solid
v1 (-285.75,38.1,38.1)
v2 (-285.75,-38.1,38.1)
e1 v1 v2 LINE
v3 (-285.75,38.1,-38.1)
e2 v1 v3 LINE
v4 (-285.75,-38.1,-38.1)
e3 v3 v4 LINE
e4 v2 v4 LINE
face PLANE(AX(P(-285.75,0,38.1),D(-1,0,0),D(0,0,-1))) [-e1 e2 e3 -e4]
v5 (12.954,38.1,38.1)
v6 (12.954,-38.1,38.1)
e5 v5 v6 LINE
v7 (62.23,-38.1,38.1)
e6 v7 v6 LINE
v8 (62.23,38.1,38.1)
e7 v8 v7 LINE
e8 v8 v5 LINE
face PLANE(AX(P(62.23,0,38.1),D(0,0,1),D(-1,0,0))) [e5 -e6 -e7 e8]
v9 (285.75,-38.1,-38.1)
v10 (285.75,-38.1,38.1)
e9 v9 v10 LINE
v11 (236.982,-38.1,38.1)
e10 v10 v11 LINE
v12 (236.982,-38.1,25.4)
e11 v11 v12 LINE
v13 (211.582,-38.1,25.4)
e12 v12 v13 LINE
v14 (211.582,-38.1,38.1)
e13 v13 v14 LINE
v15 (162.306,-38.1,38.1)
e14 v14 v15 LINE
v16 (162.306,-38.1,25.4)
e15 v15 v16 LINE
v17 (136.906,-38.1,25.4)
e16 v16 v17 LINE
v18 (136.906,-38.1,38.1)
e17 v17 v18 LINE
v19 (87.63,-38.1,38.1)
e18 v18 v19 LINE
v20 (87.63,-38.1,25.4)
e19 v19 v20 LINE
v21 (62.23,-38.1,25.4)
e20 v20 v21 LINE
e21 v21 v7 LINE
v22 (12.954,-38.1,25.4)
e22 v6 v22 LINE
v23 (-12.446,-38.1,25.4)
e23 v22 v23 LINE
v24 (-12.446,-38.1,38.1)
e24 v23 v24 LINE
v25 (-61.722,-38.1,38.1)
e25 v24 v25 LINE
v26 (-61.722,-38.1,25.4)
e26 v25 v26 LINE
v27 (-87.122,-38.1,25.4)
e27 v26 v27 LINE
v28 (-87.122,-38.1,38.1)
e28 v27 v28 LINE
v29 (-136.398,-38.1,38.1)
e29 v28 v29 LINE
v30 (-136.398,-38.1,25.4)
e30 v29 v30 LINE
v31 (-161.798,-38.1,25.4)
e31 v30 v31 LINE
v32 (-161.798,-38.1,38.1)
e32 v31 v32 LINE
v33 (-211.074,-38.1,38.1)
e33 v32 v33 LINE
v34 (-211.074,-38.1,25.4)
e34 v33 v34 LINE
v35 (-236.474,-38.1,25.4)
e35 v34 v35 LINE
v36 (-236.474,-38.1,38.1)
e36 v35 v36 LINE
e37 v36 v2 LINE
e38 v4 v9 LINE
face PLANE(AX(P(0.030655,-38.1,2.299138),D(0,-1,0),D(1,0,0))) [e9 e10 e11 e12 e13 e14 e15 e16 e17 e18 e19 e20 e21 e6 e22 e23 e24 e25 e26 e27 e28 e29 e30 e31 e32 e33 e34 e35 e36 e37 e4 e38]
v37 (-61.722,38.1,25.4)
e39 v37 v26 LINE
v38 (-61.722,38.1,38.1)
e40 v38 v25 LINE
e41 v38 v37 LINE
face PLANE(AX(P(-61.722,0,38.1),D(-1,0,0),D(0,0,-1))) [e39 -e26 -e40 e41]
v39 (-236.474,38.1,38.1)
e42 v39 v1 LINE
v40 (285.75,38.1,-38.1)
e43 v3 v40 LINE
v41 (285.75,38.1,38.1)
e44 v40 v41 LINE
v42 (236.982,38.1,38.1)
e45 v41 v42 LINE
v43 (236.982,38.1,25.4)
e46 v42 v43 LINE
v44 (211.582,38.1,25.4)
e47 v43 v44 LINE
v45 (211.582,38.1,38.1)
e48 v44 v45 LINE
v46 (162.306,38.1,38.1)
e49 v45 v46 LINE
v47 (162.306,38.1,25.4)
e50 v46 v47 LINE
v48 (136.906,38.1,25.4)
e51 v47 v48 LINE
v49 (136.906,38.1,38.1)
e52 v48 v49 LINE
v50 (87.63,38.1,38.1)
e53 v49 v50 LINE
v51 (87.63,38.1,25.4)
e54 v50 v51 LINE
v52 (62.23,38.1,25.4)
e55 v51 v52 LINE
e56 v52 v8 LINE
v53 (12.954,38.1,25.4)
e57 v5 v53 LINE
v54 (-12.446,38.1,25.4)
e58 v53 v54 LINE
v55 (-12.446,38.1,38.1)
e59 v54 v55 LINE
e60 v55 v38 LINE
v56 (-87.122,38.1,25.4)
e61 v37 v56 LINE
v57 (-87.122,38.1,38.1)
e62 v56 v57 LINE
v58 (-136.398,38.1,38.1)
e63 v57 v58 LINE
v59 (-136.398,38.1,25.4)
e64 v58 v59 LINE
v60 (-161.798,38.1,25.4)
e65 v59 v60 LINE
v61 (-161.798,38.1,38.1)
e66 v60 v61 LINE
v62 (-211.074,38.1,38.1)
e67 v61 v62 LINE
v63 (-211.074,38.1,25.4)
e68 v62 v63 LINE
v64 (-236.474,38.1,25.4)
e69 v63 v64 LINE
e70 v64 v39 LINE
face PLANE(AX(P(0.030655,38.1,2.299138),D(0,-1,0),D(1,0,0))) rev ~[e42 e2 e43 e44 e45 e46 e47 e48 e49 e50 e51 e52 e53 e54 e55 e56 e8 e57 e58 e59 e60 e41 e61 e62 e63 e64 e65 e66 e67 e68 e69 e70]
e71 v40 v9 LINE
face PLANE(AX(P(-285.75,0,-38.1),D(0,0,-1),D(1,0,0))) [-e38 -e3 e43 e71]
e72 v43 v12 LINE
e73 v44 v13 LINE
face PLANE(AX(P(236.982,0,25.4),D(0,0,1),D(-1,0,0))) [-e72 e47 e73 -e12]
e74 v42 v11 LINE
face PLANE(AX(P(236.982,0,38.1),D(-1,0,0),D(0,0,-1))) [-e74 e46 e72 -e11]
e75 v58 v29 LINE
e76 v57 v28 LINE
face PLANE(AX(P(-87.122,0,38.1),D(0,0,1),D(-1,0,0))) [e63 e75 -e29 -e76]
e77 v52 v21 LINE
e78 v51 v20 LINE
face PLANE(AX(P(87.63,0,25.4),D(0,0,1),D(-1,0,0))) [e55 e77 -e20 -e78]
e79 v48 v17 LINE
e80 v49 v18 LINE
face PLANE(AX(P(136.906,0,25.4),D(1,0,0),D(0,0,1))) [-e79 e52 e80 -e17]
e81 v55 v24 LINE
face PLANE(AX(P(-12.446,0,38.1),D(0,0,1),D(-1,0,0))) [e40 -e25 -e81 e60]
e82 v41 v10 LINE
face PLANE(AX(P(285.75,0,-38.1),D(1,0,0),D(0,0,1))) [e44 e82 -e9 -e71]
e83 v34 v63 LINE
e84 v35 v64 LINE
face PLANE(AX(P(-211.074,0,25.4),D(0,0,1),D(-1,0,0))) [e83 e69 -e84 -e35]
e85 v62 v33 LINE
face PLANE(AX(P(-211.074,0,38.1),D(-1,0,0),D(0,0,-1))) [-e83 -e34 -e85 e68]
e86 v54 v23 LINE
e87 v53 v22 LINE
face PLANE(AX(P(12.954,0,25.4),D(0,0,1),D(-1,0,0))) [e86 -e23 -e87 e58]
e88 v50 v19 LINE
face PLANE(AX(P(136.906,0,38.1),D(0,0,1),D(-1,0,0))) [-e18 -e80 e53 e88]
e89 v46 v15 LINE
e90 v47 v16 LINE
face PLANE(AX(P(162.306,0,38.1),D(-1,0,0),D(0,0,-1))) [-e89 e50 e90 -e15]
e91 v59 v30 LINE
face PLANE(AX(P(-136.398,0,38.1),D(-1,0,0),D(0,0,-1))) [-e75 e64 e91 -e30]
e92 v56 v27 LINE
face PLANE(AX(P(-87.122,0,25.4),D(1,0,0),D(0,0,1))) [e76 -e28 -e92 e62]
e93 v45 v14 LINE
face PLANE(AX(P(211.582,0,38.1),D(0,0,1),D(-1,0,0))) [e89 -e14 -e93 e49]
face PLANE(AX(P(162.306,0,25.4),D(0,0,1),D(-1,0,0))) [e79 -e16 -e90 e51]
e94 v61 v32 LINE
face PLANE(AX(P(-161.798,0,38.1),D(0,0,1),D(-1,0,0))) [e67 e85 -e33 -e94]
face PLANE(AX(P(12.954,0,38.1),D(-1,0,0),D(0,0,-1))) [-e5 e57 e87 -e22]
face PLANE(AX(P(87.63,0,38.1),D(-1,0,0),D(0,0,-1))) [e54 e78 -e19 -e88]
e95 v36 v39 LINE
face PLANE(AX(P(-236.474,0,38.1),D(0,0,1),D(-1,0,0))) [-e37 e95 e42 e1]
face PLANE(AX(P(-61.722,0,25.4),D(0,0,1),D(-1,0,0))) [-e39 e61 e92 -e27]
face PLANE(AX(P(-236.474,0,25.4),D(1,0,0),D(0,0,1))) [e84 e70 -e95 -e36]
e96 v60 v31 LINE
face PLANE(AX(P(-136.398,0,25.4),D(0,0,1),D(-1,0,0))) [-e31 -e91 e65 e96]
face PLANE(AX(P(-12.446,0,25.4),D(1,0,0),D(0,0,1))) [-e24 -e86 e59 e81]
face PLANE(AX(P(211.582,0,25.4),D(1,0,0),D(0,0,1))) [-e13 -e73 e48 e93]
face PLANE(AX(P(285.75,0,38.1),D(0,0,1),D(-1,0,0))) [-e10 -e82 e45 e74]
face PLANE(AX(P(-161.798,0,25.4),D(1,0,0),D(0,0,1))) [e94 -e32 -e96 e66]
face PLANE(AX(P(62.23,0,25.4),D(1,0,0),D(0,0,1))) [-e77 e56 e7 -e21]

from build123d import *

# Parameters (mm, degrees)
F1_DEPTH = 38.1


with BuildPart() as f1:
    # F0 (on Front) → F1 (new body, symmetric)
    with BuildSketch(Plane.XZ):
        Polygon((-236.474, 38.1), (-285.75, 38.1), (-285.75, -38.1), (285.75, -38.1), (285.75, 38.1), (236.982, 38.1), (236.982, 25.4), (211.582, 25.4), (211.582, 38.1), (162.306, 38.1), (162.306, 25.4), (136.906, 25.4), (136.906, 38.1), (87.63, 38.1), (87.63, 25.4), (62.23, 25.4), (62.23, 38.1), (12.954, 38.1), (12.954, 25.4), (-12.446, 25.4), (-12.446, 38.1), (-61.722, 38.1), (-61.722, 25.4), (-87.122, 25.4), (-87.122, 38.1), (-136.398, 38.1), (-136.398, 25.4), (-161.798, 25.4), (-161.798, 38.1), (-211.074, 38.1), (-211.074, 25.4), (-236.474, 25.4), align=None)
    extrude(amount=F1_DEPTH, both=True)


solid = f1.part
